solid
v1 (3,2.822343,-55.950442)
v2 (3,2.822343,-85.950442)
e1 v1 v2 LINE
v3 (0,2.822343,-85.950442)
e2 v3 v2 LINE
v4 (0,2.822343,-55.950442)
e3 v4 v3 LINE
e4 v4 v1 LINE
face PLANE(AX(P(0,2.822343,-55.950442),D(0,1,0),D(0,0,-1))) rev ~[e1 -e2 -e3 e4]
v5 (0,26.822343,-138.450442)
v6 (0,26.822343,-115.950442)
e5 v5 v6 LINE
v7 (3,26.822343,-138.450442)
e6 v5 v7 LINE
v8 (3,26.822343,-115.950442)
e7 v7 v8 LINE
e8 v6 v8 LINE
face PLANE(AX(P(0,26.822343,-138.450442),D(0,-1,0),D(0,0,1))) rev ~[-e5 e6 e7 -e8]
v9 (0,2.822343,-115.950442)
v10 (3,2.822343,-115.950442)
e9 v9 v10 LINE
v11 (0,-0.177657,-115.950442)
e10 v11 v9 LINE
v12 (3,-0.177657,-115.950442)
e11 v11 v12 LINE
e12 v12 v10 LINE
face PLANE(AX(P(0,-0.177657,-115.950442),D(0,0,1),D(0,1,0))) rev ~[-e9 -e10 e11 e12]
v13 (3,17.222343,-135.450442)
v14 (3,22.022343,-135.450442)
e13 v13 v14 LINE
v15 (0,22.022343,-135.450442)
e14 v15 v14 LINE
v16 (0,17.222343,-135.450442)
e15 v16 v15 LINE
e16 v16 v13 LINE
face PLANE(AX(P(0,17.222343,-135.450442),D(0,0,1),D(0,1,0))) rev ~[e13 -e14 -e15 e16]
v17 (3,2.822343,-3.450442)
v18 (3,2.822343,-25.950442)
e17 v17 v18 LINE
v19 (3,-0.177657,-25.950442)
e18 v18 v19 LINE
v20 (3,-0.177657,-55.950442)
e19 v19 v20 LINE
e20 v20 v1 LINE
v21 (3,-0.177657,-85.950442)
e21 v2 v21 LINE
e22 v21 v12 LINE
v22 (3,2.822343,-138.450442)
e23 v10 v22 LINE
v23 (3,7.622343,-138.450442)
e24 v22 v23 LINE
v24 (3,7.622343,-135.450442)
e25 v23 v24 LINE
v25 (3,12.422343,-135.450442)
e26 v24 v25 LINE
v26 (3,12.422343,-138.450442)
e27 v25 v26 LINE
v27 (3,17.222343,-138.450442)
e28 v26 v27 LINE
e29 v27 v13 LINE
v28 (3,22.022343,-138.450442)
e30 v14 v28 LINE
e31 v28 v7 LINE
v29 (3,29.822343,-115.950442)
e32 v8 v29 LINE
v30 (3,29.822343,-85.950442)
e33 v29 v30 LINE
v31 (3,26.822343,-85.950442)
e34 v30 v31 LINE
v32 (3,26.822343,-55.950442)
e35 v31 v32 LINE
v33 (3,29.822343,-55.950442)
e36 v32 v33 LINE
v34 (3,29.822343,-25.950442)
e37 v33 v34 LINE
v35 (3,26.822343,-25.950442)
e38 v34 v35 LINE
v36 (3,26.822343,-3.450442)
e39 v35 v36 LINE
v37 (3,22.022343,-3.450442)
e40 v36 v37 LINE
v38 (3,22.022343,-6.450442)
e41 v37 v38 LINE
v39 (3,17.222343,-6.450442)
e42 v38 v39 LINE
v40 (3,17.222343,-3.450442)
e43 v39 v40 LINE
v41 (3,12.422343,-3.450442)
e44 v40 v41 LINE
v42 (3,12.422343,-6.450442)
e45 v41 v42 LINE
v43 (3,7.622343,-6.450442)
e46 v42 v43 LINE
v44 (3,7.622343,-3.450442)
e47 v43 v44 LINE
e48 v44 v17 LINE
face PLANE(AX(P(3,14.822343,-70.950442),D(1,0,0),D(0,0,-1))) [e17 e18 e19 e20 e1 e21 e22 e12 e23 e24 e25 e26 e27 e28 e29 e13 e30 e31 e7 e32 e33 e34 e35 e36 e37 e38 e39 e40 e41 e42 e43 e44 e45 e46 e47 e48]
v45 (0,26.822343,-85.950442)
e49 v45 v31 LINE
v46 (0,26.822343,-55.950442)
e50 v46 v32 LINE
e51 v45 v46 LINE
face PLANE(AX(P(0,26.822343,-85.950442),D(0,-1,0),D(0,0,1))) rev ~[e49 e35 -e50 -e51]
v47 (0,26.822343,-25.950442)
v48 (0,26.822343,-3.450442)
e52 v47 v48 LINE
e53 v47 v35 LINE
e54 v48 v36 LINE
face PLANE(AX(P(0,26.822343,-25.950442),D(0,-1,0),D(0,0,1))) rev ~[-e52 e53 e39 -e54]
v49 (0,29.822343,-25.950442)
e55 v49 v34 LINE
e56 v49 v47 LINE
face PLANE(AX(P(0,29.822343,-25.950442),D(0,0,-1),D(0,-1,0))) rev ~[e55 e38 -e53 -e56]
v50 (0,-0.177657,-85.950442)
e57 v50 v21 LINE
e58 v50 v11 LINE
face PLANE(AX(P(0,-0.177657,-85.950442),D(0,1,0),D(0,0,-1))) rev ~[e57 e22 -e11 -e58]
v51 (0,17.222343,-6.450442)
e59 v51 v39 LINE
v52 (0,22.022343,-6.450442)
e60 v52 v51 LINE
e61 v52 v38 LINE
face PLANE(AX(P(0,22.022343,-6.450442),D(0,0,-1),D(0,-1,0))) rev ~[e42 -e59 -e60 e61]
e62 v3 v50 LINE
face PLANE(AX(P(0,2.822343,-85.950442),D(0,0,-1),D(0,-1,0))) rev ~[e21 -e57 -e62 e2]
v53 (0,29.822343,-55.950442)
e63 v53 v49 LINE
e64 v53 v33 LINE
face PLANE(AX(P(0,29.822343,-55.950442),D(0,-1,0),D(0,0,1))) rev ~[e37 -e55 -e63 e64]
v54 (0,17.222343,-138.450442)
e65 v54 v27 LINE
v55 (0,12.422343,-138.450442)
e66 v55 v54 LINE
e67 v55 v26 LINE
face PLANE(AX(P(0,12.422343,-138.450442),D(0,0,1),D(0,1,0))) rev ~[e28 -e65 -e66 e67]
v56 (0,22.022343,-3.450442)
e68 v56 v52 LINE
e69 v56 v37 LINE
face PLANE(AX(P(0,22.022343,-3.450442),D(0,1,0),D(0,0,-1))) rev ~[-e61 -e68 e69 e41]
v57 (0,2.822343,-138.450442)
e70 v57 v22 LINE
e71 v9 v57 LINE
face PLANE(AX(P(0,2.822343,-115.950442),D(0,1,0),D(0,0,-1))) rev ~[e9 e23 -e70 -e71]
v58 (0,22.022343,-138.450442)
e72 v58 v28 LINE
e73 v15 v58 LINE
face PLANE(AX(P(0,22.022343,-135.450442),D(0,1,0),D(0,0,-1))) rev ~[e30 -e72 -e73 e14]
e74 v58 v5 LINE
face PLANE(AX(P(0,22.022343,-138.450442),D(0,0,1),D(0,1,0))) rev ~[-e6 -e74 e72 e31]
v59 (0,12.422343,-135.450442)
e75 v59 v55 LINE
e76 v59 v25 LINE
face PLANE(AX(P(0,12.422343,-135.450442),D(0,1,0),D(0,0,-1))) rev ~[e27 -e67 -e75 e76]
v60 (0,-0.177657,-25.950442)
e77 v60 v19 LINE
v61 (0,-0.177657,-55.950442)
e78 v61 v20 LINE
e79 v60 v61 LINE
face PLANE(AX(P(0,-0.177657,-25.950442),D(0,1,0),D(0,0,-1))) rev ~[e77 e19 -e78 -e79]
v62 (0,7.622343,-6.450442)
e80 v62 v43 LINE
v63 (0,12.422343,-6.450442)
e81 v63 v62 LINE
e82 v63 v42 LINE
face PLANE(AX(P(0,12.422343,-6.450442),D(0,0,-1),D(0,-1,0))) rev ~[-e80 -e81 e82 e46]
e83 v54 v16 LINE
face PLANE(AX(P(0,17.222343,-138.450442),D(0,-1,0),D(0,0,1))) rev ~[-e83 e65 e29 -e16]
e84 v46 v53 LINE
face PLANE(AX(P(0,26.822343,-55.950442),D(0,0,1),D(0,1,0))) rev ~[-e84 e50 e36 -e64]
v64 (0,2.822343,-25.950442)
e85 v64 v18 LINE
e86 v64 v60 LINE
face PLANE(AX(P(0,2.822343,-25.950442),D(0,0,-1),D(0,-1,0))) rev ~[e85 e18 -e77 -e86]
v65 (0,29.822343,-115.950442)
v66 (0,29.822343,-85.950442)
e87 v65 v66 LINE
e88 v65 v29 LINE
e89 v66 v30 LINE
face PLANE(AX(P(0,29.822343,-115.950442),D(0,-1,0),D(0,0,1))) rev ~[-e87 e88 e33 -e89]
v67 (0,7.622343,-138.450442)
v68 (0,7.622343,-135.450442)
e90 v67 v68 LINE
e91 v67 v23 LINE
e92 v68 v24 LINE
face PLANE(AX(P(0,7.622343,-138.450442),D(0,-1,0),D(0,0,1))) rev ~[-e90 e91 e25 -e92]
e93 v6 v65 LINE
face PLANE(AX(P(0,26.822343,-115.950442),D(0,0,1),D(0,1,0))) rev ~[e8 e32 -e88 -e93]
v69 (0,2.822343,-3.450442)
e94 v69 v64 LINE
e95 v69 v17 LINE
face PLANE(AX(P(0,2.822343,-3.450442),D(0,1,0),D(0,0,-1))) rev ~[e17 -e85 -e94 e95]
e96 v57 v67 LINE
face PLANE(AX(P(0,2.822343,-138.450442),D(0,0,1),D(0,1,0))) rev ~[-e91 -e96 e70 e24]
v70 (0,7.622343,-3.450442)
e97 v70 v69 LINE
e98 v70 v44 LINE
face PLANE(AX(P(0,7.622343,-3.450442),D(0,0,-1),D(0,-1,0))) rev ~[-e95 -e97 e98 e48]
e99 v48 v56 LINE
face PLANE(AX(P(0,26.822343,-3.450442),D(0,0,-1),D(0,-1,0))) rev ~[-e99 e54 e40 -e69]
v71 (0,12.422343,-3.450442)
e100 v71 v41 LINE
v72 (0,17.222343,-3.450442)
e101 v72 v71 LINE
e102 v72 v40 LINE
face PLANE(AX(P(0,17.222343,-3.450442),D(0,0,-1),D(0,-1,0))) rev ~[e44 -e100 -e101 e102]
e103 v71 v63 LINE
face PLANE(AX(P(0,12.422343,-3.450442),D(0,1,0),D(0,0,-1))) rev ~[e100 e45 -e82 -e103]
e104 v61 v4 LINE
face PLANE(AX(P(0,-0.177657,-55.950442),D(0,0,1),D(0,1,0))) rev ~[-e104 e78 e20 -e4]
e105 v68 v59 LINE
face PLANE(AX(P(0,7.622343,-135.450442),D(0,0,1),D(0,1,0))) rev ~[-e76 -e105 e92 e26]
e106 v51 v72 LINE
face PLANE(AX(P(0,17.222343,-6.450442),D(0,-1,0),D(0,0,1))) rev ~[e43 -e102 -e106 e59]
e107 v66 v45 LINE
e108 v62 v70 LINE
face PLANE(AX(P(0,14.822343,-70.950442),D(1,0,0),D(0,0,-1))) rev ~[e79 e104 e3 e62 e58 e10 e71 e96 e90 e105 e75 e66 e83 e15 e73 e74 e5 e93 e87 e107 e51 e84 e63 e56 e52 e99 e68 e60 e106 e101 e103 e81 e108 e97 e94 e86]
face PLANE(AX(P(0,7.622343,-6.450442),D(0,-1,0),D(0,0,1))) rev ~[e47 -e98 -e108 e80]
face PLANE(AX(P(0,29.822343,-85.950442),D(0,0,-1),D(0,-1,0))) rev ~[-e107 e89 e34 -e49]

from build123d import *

# Parameters (mm, degrees)
BOSS_EXTRUDE1_DEPTH = 3


with BuildPart() as part:
    # Sketch1 → Boss-Extrude1 (new body)
    with BuildSketch(Plane(origin=(0, 0, 0), x_dir=(0, 0, -1), z_dir=(1, 0, 0))):
        Polygon((6.450441839, 2.822342732), (25.950441839, 2.822342732), (25.950441839, -0.177657268), (55.950441839, -0.177657268), (55.950441839, 2.822342732), (85.950441839, 2.822342732), (85.950441839, -0.177657268), (115.950441839, -0.177657268), (115.950441839, 2.822342732), (135.450441839, 2.822342732), (138.450441839, 2.822342732), (138.450441839, 7.622342732), (135.450441839, 7.622342732), (135.450441839, 12.422342732), (138.450441839, 12.422342732), (138.450441839, 17.222342732), (135.450441839, 17.222342732), (135.450441839, 22.022342732), (138.450441839, 22.022342732), (138.450441839, 26.822342732), (135.450441839, 26.822342732), (115.950441839, 26.822342732), (115.950441839, 29.822342732), (85.950441839, 29.822342732), (85.950441839, 26.822342732), (55.950441839, 26.822342732), (55.950441839, 29.822342732), (25.950441839, 29.822342732), (25.950441839, 26.822342732), (6.450441839, 26.822342732), (3.450441839, 26.822342732), (3.450441839, 22.022342732), (6.450441839, 22.022342732), (6.450441839, 17.222342732), (3.450441839, 17.222342732), (3.450441839, 12.422342732), (6.450441839, 12.422342732), (6.450441839, 7.622342732), (3.450441839, 7.622342732), (3.450441839, 2.822342732), align=None)
    extrude(amount=BOSS_EXTRUDE1_DEPTH)


solid = part.part
